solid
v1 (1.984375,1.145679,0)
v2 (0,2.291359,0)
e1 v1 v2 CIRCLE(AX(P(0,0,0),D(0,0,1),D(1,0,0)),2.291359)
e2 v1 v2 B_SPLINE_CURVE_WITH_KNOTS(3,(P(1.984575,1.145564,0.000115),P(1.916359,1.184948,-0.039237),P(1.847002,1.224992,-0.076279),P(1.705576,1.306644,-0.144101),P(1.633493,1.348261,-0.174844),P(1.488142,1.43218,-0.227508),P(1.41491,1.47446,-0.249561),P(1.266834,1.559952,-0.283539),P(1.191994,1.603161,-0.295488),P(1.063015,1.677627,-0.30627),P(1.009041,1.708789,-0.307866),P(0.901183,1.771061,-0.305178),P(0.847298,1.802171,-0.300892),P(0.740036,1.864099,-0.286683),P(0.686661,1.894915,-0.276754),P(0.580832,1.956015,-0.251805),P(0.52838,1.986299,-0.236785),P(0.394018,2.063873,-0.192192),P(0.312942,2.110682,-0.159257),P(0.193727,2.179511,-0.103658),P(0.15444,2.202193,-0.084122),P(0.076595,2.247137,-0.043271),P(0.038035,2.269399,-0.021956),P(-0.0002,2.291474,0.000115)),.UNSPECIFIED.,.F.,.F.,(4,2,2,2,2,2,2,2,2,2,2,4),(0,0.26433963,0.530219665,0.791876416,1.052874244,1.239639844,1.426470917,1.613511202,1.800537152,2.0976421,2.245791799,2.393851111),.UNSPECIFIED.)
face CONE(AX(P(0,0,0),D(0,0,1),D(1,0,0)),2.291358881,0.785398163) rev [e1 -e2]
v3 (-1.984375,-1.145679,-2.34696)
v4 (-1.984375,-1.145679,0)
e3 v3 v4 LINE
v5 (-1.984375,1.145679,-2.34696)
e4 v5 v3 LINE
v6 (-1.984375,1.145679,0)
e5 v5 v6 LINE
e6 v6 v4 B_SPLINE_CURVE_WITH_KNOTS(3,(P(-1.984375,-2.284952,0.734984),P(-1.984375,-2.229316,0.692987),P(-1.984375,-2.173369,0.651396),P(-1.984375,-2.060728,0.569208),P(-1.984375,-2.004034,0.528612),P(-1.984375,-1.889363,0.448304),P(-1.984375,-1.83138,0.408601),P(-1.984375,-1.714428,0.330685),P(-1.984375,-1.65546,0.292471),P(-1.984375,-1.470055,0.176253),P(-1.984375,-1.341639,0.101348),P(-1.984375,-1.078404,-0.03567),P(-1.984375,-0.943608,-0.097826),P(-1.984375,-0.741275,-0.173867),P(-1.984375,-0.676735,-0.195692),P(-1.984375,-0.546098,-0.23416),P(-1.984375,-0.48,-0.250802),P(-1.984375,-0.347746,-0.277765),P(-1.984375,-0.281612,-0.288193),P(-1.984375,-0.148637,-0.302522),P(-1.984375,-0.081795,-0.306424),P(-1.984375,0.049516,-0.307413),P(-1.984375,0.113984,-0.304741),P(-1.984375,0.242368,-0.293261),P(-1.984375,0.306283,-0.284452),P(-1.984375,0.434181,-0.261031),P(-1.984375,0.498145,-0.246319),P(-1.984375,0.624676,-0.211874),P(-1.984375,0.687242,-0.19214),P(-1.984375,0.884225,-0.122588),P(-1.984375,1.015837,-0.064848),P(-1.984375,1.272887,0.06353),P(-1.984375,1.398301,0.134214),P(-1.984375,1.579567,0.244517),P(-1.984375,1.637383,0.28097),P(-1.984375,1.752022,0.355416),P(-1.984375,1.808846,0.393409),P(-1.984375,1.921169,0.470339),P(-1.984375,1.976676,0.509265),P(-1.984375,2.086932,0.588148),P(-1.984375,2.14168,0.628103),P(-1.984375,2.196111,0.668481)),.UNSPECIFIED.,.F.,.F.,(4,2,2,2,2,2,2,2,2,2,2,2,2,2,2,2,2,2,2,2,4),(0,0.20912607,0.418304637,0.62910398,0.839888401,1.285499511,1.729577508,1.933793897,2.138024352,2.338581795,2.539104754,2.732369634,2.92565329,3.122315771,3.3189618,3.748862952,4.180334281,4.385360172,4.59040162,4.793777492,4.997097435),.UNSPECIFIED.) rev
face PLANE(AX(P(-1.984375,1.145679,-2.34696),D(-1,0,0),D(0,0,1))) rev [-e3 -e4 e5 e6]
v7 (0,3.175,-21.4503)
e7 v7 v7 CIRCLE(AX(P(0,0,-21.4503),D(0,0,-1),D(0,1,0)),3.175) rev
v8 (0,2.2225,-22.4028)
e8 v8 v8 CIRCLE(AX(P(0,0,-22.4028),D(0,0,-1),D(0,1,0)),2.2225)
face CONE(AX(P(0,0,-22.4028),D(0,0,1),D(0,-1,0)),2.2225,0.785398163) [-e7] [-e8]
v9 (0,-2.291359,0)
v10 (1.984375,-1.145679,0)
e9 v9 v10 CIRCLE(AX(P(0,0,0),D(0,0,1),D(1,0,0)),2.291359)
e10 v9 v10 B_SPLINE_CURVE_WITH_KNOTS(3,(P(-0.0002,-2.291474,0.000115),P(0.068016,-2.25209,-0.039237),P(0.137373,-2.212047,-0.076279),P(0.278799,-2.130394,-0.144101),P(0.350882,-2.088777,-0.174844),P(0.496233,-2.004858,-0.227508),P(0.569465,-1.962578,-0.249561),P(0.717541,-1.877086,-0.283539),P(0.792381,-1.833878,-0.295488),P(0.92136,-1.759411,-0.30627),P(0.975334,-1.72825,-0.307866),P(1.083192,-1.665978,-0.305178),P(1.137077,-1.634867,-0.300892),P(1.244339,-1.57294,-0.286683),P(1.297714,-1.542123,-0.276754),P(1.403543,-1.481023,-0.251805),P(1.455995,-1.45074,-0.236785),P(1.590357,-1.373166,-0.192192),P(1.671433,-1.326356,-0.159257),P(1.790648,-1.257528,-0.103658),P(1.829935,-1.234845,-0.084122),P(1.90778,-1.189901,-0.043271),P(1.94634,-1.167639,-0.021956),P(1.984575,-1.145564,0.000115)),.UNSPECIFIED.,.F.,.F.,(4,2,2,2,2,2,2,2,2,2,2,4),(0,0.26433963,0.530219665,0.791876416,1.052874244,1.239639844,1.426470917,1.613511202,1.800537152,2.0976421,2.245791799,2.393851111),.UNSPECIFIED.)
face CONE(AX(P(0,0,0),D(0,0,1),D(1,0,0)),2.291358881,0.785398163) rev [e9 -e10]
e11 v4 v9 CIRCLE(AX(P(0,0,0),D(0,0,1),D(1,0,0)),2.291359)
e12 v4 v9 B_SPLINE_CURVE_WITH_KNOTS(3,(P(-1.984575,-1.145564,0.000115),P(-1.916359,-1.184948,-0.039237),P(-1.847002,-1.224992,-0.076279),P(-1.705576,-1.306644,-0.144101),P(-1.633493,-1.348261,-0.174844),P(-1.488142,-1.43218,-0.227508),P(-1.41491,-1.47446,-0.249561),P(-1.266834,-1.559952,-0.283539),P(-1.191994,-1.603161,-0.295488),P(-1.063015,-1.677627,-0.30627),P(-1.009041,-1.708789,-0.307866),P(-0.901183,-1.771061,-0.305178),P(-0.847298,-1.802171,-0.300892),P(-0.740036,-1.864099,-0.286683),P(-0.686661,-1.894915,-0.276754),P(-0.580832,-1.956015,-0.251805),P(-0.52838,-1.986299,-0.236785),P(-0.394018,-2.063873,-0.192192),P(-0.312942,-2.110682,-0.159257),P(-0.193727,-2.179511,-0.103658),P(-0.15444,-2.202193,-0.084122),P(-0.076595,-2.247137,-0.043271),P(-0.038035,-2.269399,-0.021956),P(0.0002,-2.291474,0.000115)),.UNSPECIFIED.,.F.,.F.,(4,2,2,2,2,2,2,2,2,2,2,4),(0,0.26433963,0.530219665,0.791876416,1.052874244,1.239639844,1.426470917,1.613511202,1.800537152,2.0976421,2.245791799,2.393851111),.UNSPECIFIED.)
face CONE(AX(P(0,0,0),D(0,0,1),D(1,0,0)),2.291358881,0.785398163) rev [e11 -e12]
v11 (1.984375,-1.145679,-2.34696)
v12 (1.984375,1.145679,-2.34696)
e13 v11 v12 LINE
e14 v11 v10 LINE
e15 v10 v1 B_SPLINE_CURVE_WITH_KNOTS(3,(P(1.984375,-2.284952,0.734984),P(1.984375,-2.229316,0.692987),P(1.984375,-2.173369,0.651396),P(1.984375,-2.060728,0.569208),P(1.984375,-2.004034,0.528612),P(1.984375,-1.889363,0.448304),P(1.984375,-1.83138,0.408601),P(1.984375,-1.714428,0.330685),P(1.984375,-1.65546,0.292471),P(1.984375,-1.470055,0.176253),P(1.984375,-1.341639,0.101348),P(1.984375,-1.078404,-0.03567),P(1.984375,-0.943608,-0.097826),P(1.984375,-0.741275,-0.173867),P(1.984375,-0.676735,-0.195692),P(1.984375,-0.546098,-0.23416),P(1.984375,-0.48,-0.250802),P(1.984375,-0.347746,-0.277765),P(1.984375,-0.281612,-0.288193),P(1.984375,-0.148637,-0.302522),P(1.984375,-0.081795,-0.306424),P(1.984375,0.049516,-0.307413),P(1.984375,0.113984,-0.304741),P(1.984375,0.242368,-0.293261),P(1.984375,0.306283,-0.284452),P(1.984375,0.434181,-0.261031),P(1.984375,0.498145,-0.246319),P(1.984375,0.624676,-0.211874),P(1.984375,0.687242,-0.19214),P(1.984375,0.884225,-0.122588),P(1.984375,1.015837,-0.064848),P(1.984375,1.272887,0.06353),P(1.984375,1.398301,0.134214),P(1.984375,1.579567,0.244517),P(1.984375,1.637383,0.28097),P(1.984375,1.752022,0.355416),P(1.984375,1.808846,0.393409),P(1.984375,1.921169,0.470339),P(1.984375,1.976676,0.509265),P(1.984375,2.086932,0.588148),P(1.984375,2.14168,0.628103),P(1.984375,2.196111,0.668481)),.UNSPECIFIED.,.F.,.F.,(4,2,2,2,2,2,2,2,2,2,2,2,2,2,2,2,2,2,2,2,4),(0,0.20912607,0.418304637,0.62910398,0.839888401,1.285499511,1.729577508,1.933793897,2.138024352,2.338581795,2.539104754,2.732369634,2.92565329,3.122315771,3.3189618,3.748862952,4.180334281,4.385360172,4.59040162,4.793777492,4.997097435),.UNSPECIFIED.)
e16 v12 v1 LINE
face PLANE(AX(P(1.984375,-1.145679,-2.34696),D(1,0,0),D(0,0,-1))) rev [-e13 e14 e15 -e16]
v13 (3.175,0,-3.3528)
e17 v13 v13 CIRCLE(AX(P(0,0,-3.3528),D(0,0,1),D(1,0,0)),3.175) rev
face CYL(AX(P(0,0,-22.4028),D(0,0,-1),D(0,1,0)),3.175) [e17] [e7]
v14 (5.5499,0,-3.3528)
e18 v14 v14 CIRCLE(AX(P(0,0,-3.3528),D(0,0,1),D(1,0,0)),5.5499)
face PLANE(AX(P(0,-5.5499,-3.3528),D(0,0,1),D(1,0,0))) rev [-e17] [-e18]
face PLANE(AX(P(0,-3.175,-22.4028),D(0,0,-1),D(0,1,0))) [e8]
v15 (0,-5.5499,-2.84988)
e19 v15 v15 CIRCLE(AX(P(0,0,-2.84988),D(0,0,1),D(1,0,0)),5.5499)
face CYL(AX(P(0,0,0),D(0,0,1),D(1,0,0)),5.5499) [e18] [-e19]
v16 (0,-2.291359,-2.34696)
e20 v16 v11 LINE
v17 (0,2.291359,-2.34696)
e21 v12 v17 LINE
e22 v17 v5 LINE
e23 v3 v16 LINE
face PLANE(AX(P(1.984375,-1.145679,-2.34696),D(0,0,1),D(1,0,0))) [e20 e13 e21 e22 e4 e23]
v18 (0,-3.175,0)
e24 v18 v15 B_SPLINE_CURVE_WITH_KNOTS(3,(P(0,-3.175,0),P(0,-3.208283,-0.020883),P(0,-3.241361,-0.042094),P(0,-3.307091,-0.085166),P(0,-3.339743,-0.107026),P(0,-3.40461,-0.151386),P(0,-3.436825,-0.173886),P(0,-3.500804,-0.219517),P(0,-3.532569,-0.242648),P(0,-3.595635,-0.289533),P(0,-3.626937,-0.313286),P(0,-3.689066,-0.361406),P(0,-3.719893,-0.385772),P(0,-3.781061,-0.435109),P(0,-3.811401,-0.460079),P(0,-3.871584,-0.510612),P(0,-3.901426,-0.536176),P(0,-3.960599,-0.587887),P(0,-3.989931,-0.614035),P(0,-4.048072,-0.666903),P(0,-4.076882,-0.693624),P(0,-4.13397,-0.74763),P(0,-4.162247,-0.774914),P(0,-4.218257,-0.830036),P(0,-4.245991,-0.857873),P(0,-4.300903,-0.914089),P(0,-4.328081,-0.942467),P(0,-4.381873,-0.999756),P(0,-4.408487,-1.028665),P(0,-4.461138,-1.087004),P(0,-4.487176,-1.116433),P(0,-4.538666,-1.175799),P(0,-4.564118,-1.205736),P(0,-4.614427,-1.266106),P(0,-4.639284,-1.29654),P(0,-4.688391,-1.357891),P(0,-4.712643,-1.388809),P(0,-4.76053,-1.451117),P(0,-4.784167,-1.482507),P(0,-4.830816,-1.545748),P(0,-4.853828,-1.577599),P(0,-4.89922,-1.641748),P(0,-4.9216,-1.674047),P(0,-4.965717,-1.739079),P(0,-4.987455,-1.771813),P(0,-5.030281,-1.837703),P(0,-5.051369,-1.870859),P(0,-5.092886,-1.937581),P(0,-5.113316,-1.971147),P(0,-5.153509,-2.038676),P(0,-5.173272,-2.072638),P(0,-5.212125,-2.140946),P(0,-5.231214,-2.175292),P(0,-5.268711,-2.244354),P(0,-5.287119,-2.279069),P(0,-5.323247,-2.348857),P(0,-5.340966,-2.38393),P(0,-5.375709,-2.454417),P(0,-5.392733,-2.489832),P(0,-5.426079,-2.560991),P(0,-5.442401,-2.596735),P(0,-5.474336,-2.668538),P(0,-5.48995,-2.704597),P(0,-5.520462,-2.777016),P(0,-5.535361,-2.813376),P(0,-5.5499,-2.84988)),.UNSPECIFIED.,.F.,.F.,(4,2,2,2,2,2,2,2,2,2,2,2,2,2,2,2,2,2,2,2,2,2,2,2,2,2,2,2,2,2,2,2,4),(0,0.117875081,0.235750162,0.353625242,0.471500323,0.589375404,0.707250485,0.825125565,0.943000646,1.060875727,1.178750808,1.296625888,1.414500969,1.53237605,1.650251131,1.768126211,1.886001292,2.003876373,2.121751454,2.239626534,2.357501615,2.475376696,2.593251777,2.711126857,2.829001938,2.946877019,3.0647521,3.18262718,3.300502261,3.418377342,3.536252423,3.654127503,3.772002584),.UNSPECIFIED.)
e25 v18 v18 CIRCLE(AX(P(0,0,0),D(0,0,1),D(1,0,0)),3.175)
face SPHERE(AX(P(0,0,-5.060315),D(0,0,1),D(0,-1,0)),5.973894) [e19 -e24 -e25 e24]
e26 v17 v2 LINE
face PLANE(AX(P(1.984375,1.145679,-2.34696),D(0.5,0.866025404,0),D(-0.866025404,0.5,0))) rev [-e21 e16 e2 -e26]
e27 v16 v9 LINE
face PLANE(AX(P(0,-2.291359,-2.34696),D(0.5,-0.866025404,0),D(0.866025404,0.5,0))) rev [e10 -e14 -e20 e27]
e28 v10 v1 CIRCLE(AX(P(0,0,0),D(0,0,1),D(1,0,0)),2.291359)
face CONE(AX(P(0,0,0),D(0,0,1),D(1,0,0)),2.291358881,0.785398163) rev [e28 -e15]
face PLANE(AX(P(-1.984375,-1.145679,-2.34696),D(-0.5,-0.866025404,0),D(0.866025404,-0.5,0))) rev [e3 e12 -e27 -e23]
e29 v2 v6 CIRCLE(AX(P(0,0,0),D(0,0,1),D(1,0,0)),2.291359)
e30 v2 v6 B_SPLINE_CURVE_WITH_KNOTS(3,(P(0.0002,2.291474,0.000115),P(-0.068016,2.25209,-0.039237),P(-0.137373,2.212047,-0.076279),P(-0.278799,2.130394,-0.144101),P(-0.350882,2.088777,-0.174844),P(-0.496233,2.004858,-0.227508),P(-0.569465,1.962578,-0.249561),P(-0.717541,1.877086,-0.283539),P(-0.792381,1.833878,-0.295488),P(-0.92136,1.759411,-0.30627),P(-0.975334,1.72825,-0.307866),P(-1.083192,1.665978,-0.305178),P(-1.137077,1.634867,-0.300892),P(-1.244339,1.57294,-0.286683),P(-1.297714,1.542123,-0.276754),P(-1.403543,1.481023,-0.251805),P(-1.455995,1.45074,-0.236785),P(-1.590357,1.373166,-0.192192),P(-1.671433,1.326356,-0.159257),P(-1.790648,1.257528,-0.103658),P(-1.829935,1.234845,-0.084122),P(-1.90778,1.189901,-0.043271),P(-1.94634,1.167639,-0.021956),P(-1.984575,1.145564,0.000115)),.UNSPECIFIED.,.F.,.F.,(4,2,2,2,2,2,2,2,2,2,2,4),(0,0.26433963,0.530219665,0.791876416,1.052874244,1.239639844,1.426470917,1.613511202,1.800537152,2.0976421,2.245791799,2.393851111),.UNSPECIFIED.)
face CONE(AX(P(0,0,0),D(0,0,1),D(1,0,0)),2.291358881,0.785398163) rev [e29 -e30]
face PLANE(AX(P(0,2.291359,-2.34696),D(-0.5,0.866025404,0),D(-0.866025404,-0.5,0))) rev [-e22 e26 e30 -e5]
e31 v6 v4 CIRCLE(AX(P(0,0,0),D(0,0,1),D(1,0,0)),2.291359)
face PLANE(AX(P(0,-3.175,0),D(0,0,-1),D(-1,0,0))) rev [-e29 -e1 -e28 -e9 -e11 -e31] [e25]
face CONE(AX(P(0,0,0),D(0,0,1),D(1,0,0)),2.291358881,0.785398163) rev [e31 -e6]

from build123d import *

# Parameters (mm, degrees)
SKETCH1_W          = 19.05
SKETCH1_H          = 3.175
CHAMFER1_SIZE      = 0.9525
CUT_EXTRUDE2_DEPTH = 2.34696


with BuildPart() as part:
    # Sketch1 → Revolve1 (revolve)
    with BuildSketch(Plane(origin=(0, 0, 0), x_dir=(0, 0, -1), z_dir=(1, 0, 0))):
        with Locations((12.8778, 1.5875)):
            Rectangle(SKETCH1_W, SKETCH1_H)
    revolve(axis=Axis((0, 0, -22.4028), (0, 0, 1)))

    # Chamfer1
    chamfer1_edges = [part.edges().sort_by_distance(p)[0] for p in [
        (0, -3.175, -22.4028),
    ]]
    chamfer(chamfer1_edges, length=CHAMFER1_SIZE)

    # Sketch7 → Revolve2 (revolve)
    with BuildSketch(Plane(origin=(0, 0, 0), x_dir=(0, 0, -1), z_dir=(1, 0, 0))):
        with BuildLine():
            Line((2.84988, 5.5499), (3.3528, 5.5499))
            Line((3.3528, 5.5499), (3.3528, 0))
            Line((3.3528, 0), (0, 0))
            Line((0, 0), (0, 3.175))
            ThreePointArc((0, 3.175), (1.235921075, 4.58927271), (2.84988, 5.5499))
        make_face()
    revolve(axis=Axis((0, 0, 0), (0, 0, -1)))

    # Sketch5 → Cut-Extrude2 (cut)
    with BuildSketch(Plane.XY):
        Polygon((1.984375, -1.14567944), (1.984375, 1.14567944), (0, 2.291358881), (-1.984375, 1.14567944), (-1.984375, -1.14567944), (0, -2.291358881), align=None)
    extrude(amount=-CUT_EXTRUDE2_DEPTH, mode=Mode.SUBTRACT)

    # Cut-Extrude3 cone 1 section (through the dimple's axis) → Cut-Extrude3 (revolve, cut)
    with BuildSketch(Plane(origin=(0, 0, 0), x_dir=(0, -1, 0), z_dir=(1, 0, 0))):
        Polygon((0, 0), (2.291358881, 0), (0, 2.291358881), align=None)
    revolve(axis=Axis((0, 0, 0), (0, 0, -1)), mode=Mode.SUBTRACT)


solid = part.part
